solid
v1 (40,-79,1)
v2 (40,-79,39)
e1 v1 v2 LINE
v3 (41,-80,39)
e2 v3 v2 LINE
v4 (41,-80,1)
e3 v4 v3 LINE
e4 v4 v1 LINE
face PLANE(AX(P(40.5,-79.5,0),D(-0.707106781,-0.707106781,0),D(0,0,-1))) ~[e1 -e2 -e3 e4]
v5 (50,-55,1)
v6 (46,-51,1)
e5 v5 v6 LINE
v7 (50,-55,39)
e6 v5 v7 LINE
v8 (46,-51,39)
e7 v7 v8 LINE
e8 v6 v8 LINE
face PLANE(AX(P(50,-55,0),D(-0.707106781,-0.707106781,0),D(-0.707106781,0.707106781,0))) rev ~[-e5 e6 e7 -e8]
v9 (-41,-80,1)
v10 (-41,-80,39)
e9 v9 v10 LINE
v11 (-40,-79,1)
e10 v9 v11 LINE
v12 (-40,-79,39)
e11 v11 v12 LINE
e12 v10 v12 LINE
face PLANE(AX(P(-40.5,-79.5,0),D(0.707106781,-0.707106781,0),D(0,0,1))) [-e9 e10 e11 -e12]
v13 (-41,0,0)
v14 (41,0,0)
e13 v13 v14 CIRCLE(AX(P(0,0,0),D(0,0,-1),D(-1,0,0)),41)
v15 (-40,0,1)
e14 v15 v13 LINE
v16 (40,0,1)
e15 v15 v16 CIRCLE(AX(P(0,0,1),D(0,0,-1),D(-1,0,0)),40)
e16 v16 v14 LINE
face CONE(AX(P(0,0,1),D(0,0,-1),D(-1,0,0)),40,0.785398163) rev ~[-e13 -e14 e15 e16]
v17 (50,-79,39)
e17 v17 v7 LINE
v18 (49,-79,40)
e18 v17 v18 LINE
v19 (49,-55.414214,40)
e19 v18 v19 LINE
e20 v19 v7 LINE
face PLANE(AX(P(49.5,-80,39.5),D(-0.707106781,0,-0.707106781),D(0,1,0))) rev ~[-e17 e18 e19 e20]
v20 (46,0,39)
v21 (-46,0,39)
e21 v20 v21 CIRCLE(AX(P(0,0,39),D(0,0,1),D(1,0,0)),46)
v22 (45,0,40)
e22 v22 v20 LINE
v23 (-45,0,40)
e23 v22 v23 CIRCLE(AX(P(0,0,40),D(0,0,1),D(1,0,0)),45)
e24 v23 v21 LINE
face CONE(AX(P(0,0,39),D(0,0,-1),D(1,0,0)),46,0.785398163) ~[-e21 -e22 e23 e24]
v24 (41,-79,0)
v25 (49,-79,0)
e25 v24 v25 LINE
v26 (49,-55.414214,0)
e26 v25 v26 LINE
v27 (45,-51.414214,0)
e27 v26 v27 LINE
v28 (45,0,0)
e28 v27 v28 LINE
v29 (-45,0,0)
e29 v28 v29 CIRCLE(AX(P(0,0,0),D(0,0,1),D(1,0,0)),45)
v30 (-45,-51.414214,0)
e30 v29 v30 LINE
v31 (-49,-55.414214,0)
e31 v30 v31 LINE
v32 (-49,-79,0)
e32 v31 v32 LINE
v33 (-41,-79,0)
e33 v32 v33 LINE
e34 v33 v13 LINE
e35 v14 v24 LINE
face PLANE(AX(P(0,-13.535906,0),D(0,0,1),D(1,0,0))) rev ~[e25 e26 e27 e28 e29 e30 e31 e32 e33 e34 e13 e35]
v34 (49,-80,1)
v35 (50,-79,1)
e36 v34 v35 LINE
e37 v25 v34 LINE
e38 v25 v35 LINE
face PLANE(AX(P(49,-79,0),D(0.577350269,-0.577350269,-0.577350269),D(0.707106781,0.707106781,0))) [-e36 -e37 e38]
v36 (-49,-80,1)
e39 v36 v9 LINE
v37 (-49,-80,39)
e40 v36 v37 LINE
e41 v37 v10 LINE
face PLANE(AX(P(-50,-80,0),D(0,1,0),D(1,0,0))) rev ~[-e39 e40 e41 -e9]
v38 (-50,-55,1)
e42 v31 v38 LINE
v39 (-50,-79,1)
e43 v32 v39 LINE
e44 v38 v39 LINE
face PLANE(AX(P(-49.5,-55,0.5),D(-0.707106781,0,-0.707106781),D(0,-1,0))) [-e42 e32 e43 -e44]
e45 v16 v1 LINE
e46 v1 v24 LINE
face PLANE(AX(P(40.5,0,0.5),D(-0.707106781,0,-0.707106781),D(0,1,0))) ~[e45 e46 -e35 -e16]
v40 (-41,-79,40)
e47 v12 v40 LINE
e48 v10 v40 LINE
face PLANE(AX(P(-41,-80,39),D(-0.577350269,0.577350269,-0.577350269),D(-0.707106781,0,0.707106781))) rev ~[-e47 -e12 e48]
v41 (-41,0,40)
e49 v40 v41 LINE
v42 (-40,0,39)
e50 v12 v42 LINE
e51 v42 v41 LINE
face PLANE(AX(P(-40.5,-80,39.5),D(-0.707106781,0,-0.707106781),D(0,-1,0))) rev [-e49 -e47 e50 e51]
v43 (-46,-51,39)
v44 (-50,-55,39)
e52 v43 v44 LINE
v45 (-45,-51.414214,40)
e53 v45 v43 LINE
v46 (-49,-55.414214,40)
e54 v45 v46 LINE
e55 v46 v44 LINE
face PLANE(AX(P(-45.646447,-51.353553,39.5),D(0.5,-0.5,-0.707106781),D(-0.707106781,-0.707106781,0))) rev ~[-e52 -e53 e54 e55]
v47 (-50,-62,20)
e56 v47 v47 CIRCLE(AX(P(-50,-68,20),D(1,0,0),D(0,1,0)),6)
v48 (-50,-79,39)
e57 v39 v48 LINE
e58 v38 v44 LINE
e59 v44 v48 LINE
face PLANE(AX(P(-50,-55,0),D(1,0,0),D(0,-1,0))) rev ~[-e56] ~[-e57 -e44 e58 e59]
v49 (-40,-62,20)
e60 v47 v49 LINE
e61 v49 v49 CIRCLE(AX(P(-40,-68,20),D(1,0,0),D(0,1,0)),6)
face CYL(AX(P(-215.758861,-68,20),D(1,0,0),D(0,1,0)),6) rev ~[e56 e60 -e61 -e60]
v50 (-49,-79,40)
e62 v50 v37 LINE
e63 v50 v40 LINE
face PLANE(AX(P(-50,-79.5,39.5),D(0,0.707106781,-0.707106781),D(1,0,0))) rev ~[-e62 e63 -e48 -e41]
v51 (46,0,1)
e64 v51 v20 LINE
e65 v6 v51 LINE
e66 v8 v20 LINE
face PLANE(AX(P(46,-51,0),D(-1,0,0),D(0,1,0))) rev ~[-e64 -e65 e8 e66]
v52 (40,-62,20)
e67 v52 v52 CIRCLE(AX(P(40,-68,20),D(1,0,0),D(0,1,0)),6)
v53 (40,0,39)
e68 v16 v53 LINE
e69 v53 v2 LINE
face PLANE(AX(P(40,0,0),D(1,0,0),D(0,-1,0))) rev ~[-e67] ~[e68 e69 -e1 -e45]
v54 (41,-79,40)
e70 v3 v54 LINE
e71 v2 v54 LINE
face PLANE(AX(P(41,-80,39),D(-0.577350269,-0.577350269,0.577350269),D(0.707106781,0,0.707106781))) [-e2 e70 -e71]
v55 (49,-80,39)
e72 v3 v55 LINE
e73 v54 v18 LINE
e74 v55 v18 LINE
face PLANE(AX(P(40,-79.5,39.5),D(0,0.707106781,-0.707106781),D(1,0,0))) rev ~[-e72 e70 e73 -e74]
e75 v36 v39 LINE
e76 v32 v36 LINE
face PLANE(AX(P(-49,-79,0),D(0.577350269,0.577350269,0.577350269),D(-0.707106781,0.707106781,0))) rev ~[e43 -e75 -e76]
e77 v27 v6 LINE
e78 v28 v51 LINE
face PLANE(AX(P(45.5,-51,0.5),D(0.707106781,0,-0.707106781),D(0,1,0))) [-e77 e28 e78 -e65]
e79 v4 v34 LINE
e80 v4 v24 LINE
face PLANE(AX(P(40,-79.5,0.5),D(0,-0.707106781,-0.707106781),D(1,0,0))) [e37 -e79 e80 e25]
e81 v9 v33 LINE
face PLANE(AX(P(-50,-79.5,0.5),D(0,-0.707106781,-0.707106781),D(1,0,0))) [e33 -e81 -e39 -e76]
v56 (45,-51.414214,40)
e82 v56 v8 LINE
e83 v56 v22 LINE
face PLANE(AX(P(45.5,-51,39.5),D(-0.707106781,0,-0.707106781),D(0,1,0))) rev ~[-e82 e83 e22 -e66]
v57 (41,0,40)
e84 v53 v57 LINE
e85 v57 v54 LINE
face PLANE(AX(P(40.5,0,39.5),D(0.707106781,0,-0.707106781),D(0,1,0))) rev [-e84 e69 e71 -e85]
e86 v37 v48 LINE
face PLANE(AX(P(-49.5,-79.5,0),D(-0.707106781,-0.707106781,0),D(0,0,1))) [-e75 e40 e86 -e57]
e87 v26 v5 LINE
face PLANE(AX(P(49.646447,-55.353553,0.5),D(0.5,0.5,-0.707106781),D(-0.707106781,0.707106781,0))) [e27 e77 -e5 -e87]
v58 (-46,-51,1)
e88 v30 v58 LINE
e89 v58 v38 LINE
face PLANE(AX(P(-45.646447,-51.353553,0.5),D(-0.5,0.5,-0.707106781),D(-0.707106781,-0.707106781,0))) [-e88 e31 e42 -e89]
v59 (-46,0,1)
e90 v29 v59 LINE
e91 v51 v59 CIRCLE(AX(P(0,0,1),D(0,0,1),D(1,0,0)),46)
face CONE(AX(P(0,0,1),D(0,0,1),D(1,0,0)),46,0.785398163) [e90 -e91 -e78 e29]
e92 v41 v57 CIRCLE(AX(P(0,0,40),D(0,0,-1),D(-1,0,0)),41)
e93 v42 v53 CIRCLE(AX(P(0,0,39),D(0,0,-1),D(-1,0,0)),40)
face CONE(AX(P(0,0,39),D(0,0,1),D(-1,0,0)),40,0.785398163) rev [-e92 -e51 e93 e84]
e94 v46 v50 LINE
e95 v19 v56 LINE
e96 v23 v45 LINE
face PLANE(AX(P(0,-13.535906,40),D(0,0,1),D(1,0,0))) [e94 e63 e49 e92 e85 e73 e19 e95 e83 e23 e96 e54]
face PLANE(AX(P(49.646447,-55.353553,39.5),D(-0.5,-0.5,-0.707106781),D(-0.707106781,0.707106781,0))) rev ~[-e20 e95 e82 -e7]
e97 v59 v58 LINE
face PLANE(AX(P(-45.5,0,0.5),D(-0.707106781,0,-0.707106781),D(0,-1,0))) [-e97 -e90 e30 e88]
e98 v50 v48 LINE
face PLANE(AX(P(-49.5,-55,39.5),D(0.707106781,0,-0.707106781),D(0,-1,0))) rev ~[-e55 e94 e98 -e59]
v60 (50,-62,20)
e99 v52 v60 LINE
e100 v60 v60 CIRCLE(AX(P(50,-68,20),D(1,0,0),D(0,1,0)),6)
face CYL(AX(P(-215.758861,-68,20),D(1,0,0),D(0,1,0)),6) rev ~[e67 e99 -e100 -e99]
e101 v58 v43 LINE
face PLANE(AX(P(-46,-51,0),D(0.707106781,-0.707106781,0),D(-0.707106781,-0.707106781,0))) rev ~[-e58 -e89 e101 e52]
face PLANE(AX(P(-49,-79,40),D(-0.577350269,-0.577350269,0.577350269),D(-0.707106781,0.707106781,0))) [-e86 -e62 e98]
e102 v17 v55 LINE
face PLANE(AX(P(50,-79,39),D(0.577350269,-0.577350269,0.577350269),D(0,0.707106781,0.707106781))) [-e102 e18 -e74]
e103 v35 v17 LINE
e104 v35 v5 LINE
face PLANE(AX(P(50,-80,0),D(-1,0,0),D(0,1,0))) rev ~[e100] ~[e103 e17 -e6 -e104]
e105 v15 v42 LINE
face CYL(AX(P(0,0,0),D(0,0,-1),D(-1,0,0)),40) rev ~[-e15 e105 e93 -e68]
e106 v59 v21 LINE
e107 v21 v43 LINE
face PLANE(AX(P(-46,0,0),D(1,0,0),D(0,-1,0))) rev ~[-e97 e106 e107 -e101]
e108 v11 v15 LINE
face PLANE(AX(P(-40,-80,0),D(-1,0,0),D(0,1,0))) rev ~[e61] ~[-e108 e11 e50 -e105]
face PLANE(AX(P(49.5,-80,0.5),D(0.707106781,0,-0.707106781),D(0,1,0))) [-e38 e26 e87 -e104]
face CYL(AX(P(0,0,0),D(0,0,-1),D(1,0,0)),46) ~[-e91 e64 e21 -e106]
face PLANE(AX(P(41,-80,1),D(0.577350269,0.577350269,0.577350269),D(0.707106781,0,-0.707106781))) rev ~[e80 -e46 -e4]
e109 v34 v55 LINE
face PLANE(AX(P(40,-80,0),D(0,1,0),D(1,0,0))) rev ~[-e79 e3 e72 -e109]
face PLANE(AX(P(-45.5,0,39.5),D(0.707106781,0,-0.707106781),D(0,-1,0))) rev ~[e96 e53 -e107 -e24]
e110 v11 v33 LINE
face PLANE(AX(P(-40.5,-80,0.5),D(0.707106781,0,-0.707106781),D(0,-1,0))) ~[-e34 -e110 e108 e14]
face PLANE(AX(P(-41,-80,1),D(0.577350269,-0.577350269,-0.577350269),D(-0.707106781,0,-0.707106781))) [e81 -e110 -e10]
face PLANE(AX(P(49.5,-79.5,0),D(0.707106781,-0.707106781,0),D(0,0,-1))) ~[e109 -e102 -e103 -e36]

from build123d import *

# Parameters (mm, degrees)
F1_DEPTH = 40
F3_D     = 12
F4_SIZE  = 1


with BuildPart() as f1:
    # F0 (on Top) → F1 (new body)
    with BuildSketch(Plane.XY):
        with BuildLine():
            ThreePointArc((-40, 0), (0, 40), (40, 0))
            Line((40, 0), (40, -80))
            Line((40, -80), (50, -80))
            Line((50, -80), (50, -55))
            Line((50, -55), (46, -51))
            Line((46, -51), (46, 0))
            ThreePointArc((46, 0), (0, 46), (-46, 0))
            Line((-46, 0), (-46, -51))
            Line((-46, -51), (-50, -55))
            Line((-50, -55), (-50, -80))
            Line((-50, -80), (-40, -80))
            Line((-40, -80), (-40, 0))
        make_face()
    extrude(amount=F1_DEPTH)

    # F3 (through all)
    with Locations(Plane(origin=(-50, 0, 0), x_dir=(0, -1, 0), z_dir=(-1, 0, 0))):
        with Locations((68, 20)):
            Hole(F3_D / 2)

    # F4
    f4_edges = [f1.edges().sort_by_distance(p)[0] for p in [
        (40, -40, 40),
        (-40, -40, 0),
        (40, -80, 20),
        (-40, -80, 20),
        (-50, -80, 20),
        (-45, -80, 0),
        (-45, -80, 40),
        (45, -80, 40),
        (50, -80, 20),
        (45, -80, 0),
        (50, -67.5, 0),
        (50, -67.5, 40),
        (-50, -67.5, 40),
        (-50, -67.5, 0),
        (-46, -25.5, 0),
        (-46, -25.5, 40),
        (-48, -53, 40),
        (-48, -53, 0),
        (48, -53, 0),
        (48, -53, 40),
    ]]
    chamfer(f4_edges, length=F4_SIZE)


solid = f1.part
